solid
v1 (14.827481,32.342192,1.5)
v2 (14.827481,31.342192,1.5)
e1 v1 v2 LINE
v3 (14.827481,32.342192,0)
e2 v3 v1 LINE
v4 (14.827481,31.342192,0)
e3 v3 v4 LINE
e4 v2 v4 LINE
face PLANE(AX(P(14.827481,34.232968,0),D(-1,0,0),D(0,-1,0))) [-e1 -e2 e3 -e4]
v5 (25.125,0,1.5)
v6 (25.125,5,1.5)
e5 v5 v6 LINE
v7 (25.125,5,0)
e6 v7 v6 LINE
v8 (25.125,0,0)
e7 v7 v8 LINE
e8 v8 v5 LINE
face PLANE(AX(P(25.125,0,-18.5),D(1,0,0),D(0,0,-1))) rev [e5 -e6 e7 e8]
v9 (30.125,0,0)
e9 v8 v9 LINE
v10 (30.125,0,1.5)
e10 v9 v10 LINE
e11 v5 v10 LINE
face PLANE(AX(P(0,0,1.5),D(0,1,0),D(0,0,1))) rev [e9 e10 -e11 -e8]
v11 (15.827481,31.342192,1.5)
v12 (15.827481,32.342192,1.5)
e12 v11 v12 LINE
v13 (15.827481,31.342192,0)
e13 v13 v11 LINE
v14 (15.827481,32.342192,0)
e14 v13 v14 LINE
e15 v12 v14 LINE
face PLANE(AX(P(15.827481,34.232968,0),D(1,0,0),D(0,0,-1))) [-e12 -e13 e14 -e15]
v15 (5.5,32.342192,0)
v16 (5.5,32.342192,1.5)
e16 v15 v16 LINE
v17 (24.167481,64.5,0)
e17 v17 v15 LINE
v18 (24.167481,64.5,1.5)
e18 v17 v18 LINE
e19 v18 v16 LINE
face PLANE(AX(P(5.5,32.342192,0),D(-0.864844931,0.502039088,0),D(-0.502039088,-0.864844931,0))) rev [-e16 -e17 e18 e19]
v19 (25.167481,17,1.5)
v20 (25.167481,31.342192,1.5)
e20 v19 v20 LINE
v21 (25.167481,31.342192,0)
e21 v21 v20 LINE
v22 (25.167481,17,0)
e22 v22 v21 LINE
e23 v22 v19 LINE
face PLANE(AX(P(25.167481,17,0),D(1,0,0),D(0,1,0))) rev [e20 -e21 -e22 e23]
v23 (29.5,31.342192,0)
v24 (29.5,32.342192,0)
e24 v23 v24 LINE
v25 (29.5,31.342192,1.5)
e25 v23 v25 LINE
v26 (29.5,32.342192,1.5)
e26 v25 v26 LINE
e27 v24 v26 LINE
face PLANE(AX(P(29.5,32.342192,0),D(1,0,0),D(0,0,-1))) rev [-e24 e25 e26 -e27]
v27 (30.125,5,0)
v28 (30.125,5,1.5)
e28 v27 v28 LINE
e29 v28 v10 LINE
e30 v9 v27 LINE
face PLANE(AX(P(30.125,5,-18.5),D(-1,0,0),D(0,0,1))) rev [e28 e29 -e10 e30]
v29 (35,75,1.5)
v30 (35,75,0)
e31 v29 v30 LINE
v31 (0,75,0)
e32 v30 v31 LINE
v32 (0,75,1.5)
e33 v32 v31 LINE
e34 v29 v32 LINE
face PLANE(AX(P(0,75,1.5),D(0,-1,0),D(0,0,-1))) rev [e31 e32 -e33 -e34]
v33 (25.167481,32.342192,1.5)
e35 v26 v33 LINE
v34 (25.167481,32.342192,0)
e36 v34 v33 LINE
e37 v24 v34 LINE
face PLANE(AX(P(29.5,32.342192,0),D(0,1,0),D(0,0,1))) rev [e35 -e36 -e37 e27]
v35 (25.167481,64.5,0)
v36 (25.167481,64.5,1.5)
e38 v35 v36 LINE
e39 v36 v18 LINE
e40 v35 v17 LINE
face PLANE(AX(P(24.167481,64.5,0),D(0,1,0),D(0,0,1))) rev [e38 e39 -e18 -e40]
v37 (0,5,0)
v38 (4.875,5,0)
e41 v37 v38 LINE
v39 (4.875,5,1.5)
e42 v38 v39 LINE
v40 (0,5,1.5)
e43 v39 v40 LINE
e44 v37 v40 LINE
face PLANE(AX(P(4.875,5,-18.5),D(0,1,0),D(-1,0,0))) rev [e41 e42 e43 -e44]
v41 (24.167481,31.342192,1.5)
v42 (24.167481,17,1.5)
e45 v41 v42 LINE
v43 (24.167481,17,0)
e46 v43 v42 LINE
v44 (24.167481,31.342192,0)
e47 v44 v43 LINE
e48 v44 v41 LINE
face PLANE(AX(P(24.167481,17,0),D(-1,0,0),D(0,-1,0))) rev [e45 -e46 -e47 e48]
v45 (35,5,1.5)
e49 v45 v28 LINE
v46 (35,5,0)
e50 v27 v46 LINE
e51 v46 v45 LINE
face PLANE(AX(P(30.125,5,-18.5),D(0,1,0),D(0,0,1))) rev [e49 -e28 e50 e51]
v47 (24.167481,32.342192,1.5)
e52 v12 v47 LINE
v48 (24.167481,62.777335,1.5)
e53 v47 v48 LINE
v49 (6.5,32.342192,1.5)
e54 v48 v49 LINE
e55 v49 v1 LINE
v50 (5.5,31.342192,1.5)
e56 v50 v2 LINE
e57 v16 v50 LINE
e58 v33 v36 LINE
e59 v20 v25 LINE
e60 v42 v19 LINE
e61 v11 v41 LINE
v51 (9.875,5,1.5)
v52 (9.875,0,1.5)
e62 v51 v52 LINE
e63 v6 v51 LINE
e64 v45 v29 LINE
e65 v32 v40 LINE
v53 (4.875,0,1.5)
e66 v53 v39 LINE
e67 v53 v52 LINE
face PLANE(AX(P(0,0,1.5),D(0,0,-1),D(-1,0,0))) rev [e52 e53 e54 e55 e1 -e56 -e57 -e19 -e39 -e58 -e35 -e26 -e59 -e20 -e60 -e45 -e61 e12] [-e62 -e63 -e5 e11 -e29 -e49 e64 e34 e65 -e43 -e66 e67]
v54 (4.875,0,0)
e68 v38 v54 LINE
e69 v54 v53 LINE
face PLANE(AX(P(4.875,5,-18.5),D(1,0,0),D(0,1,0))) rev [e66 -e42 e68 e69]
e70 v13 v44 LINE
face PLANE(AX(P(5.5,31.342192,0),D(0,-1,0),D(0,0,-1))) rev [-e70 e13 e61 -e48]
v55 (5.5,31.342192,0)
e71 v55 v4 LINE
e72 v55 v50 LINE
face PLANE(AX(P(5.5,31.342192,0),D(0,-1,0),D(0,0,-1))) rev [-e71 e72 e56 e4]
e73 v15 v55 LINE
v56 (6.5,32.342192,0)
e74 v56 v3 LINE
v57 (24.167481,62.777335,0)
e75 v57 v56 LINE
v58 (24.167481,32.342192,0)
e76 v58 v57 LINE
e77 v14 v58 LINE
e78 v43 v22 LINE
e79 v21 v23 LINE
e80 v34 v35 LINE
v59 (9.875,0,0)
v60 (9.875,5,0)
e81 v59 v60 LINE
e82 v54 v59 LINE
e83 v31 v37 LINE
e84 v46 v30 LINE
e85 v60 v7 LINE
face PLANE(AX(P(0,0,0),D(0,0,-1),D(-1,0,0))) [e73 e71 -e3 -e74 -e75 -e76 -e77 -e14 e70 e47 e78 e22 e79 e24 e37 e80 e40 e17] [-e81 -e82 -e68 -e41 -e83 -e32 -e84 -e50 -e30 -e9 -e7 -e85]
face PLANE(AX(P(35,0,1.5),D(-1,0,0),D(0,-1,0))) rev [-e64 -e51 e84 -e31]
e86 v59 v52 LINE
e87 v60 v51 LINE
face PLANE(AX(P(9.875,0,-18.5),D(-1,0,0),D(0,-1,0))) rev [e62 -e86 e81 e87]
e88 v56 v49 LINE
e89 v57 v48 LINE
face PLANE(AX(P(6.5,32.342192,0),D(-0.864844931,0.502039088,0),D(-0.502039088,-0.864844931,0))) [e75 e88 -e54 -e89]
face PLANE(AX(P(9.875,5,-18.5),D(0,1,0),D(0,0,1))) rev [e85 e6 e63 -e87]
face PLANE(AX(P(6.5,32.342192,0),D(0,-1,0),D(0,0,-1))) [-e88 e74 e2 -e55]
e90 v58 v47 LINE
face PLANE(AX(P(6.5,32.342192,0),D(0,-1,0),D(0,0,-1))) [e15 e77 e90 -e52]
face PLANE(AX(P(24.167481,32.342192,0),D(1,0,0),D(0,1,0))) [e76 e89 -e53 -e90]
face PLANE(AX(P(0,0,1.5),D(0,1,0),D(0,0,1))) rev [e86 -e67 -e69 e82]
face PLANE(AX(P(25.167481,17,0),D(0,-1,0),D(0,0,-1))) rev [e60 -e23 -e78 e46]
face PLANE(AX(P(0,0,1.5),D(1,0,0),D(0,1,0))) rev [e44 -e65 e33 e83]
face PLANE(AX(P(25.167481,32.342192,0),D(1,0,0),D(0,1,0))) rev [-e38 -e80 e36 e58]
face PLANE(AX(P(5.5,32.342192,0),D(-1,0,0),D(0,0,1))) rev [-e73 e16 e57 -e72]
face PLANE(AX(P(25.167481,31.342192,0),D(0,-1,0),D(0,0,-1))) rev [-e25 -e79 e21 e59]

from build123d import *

# Parameters (mm, degrees)
SKIZZE1_W                        = 35
SKIZZE1_H                        = 75
AUFSATZ_LINEAR_AUSTRAGEN1_DEPTH  = 1.5
SKIZZE3_W                        = 15.25
SKIZZE3_H                        = 5
SKIZZE3_W_2                      = 4.875
SCHNITT_LINEAR_AUSTRAGEN12_DEPTH = 20
SCHNITT_LINEAR_AUSTRAGEN15_DEPTH = 1.5
SKIZZE9_W                        = 1
SKIZZE9_H                        = 5.796251951
AUFSATZ_LINEAR_AUSTRAGEN6_DEPTH  = 1.5


with BuildPart() as part:
    # Skizze1 → Aufsatz-Linear austragen1 (new body)
    with BuildSketch(Plane.XY):
        with Locations((17.5, 37.5)):
            Rectangle(SKIZZE1_W, SKIZZE1_H)
    extrude(amount=AUFSATZ_LINEAR_AUSTRAGEN1_DEPTH)

    # Skizze3 → Schnitt-Linear austragen12 (cut)
    with BuildSketch(Plane.XY.offset(1.5)):
        with Locations((17.5, 2.5)):
            Rectangle(SKIZZE3_W, SKIZZE3_H)
        with Locations((32.5625, 2.5)):
            Rectangle(SKIZZE3_W_2, SKIZZE3_H)
        with Locations((2.4375, 2.5)):
            Rectangle(SKIZZE3_W_2, SKIZZE3_H)
    extrude(amount=-SCHNITT_LINEAR_AUSTRAGEN12_DEPTH, mode=Mode.SUBTRACT)

    # Skizze8 → Schnitt-Linear austragen15 (cut)
    with BuildSketch(Plane.XY.offset(1.5)):
        Polygon((5.5, 32.342192337), (24.167481122, 64.5), (25.167481122, 64.5), (25.167481122, 32.342192337), (29.5, 32.342192337), (29.5, 31.342192337), (25.167481122, 31.342192337), (25.167481122, 17), (24.167481122, 17), (24.167481122, 31.342192337), (5.5, 31.342192337), align=None)
        Polygon((6.5, 32.342192337), (24.167481122, 32.342192337), (24.167481122, 62.777335466), align=None, mode=Mode.SUBTRACT)
    extrude(amount=-SCHNITT_LINEAR_AUSTRAGEN15_DEPTH, mode=Mode.SUBTRACT)


with BuildPart() as schnitt_linear_austragen15_piece_1:
    # of the separate pieces the step leaves, piece 1, a body of its own (schnitt_linear_austragen15_pieces)
    add(part.part.solids().sort_by_distance((4.875, 0, 0))[0])



with BuildPart() as schnitt_linear_austragen15_piece_2:
    # of the separate pieces the step leaves, piece 2, a body of its own (schnitt_linear_austragen15_pieces)
    add(part.part.solids().sort_by_distance((24.167481122, 62.777335466, 0))[0])


with BuildPart() as schnitt_linear_austragen15_piece_1_1:
    add(schnitt_linear_austragen15_piece_1.part)

    add(schnitt_linear_austragen15_piece_2.part)  # Aufsatz-Linear austragen6 merges Schnitt-Linear austragen15 piece 2
    # Skizze9 → Aufsatz-Linear austragen6 (add)
    with BuildSketch(Plane.XY.offset(1.5)):
        with Locations((15.327481122, 31.334841656)):
            Rectangle(SKIZZE9_W, SKIZZE9_H)
    extrude(amount=-AUFSATZ_LINEAR_AUSTRAGEN6_DEPTH)


solid = schnitt_linear_austragen15_piece_1_1.part
